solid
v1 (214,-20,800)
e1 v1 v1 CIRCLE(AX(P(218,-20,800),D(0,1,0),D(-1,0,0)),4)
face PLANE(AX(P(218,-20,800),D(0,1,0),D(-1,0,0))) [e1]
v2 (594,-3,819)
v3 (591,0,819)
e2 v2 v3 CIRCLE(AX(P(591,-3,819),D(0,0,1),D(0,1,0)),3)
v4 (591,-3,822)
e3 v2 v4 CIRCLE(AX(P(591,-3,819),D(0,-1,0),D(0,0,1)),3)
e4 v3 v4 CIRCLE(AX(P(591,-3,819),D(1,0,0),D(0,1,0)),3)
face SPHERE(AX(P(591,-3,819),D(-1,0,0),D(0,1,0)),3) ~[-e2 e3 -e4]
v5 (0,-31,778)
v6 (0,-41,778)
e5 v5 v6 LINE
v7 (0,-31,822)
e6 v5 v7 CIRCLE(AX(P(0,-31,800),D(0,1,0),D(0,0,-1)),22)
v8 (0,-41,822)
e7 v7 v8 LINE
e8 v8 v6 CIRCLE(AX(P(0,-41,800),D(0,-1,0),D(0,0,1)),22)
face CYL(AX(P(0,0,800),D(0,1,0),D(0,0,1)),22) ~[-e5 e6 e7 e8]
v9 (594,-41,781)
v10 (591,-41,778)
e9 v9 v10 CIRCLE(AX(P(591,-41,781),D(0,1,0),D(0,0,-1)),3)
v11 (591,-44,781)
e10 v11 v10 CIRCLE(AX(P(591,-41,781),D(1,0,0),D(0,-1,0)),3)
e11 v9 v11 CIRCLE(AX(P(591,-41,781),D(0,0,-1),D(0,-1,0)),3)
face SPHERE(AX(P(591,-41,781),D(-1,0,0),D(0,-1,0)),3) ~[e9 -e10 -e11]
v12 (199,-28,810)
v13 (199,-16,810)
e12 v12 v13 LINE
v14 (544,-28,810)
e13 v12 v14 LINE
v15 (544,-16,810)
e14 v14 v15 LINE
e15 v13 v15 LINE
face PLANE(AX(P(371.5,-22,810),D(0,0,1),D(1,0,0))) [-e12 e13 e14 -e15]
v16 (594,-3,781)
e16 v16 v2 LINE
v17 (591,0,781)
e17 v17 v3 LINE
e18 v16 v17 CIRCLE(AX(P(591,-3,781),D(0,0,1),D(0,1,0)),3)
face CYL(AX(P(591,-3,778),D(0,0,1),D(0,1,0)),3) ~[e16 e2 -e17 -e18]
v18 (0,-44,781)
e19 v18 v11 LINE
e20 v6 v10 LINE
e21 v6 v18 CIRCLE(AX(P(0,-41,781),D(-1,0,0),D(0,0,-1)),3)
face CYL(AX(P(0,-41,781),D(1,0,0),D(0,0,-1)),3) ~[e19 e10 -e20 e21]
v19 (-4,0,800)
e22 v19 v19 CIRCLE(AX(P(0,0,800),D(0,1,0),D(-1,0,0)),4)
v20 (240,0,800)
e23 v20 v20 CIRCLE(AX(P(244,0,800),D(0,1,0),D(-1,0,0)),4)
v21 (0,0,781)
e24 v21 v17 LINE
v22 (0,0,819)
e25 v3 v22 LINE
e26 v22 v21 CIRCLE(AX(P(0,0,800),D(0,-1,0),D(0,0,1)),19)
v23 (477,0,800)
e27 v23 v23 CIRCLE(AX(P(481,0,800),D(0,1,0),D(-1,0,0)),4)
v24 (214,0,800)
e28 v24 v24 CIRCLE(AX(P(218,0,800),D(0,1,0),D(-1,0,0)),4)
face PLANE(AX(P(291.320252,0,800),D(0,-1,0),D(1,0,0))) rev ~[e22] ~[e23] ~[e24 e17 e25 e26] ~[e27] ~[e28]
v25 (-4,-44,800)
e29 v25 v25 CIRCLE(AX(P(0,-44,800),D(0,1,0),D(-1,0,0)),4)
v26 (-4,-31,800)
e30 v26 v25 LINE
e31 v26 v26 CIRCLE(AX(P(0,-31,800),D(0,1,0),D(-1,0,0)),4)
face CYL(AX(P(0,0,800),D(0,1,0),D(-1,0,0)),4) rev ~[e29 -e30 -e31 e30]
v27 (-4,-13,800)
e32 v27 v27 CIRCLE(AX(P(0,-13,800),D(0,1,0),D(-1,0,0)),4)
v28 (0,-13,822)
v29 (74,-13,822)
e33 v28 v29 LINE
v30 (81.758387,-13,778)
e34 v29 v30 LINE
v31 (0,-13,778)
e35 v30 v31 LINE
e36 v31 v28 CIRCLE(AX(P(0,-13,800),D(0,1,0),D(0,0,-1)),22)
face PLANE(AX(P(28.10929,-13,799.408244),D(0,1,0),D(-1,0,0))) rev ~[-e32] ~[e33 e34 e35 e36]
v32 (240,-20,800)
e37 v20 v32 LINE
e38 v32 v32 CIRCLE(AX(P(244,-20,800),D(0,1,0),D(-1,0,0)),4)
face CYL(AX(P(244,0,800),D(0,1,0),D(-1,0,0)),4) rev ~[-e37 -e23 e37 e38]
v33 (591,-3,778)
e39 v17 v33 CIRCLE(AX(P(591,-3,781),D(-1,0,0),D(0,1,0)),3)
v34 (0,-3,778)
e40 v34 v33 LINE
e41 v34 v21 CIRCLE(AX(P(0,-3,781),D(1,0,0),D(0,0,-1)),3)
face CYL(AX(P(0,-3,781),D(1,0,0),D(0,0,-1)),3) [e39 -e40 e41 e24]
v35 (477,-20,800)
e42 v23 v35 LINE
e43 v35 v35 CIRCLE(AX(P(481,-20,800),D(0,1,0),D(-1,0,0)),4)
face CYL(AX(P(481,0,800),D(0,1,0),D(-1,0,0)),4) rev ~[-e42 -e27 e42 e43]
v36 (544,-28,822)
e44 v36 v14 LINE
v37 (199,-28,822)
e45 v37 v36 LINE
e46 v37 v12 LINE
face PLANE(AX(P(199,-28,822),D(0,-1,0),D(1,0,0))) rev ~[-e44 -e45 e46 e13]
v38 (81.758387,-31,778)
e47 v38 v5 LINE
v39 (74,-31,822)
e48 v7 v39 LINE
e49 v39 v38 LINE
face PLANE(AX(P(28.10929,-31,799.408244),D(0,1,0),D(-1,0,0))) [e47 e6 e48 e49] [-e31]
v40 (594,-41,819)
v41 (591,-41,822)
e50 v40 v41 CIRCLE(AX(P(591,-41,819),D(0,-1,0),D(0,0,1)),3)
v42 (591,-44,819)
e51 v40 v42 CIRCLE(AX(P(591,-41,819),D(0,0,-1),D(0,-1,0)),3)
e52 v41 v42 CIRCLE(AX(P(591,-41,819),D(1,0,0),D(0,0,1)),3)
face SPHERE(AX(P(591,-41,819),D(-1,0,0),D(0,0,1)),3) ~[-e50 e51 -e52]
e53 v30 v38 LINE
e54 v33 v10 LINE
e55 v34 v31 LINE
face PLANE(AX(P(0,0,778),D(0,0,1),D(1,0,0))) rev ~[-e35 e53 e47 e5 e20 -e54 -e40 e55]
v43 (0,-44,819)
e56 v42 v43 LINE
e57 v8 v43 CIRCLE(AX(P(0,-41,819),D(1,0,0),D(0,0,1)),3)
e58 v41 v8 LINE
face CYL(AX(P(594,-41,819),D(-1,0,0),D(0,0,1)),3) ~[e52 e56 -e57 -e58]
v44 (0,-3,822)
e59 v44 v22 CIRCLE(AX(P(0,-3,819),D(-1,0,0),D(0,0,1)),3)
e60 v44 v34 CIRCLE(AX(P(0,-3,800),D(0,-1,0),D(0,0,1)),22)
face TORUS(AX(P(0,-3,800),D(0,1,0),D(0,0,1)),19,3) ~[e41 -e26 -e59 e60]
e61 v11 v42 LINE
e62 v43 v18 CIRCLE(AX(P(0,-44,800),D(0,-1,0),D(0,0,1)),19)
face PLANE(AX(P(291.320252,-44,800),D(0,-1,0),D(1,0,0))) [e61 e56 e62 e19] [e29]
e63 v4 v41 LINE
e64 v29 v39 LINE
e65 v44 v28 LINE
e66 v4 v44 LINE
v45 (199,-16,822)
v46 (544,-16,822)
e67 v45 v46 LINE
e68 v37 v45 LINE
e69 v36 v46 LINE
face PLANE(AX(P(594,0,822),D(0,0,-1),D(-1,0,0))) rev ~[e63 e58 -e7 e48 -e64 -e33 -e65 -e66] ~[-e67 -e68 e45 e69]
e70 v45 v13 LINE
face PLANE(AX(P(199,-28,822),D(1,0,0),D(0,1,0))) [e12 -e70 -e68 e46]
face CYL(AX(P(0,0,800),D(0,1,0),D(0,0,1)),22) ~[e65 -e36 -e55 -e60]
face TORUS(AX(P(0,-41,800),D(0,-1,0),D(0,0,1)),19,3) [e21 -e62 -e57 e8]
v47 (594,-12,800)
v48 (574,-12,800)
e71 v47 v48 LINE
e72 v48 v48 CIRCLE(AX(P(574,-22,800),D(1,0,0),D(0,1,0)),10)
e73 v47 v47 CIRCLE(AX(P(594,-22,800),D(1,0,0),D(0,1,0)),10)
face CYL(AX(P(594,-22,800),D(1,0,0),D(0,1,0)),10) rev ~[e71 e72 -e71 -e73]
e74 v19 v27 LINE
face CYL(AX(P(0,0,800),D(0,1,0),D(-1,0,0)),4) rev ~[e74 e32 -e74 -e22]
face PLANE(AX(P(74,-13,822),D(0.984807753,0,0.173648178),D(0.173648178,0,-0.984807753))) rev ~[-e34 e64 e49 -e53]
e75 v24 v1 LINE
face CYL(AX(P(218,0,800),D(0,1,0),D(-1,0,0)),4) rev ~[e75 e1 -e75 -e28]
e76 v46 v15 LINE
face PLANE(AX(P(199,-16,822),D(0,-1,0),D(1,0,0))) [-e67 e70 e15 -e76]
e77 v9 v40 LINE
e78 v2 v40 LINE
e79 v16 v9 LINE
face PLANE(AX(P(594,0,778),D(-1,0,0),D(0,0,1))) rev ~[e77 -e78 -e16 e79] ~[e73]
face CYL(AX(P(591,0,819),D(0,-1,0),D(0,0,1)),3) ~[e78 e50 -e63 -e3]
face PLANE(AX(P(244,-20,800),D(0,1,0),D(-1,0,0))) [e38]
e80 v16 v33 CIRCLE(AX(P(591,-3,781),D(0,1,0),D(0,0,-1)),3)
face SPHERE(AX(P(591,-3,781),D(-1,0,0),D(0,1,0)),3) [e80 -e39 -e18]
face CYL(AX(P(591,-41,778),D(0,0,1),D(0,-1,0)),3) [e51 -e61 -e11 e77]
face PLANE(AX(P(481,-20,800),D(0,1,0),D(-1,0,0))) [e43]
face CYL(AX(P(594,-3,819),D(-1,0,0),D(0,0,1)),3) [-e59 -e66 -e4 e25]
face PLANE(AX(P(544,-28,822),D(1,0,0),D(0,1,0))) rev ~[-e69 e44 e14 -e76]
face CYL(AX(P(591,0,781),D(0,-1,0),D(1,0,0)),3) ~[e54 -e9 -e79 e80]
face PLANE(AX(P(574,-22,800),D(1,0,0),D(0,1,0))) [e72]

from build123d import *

# Parameters (mm, degrees)
F1_DEPTH  = 44
F4_DEPTH  = 18
F5_R      = 4
F6_DEPTH  = 44.001
F7_DEPTH  = 20
F8_R      = 10
F9_DEPTH  = 20
F10_R     = 3
F11_W     = 345
F11_H     = 12
F12_DEPTH = 12


with BuildPart() as f1:
    # F0 (on Front) → F1 (new body)
    with BuildSketch(Plane.XZ):
        with BuildLine():
            Line((594, 822), (0, 822))
            ThreePointArc((0, 822), (-22, 800), (0, 778))
            Line((0, 778), (594, 778))
            Line((594, 778), (594, 822))
        make_face()
    extrude(amount=F1_DEPTH)

    # F3 (on offset) → F4 (cut)
    with BuildSketch(Plane(origin=(0, -13, 0), x_dir=(-1, 0, 0), z_dir=(0, 1, 0))):
        Polygon((-81.7583871512, 778), (22, 778), (22, 822), (-74, 822), align=None)
    extrude(amount=-F4_DEPTH, mode=Mode.SUBTRACT)

    # F5 (on face) → F6 (cut, through all)
    with BuildSketch(Plane(origin=(0, 0, 0), x_dir=(-1, 0, 0), z_dir=(0, 1, 0))):
        with Locations((0, 800)):
            Circle(F5_R)
    extrude(amount=-F6_DEPTH, mode=Mode.SUBTRACT)

    # F5 (on face) → F7 (cut)
    with BuildSketch(Plane(origin=(0, 0, 0), x_dir=(-1, 0, 0), z_dir=(0, 1, 0))):
        with Locations((-218, 800)):
            Circle(F5_R)
        with Locations((-244, 800)):
            Circle(F5_R)
        with Locations((-481, 800)):
            Circle(F5_R)
    extrude(amount=-F7_DEPTH, mode=Mode.SUBTRACT)

    # F8 (on face) → F9 (cut)
    with BuildSketch(Plane.YZ.offset(594)):
        with Locations((-22, 800)):
            Circle(F8_R)
    extrude(amount=-F9_DEPTH, mode=Mode.SUBTRACT)

    # F10
    f10_edges = [f1.edges().sort_by_distance(p)[0] for p in [
        (297, -44, 822),
        (297, 0, 822),
        (594, 0, 800),
        (594, -22, 822),
        (594, -44, 800),
        (594, -22, 778),
    ]]
    fillet(f10_edges, radius=F10_R)

    # F11 (on face) → F12 (cut)
    with BuildSketch(Plane.XY.offset(822)):
        with Locations((371.5, -22)):
            Rectangle(F11_W, F11_H)
    extrude(amount=-F12_DEPTH, mode=Mode.SUBTRACT)


solid = f1.part
